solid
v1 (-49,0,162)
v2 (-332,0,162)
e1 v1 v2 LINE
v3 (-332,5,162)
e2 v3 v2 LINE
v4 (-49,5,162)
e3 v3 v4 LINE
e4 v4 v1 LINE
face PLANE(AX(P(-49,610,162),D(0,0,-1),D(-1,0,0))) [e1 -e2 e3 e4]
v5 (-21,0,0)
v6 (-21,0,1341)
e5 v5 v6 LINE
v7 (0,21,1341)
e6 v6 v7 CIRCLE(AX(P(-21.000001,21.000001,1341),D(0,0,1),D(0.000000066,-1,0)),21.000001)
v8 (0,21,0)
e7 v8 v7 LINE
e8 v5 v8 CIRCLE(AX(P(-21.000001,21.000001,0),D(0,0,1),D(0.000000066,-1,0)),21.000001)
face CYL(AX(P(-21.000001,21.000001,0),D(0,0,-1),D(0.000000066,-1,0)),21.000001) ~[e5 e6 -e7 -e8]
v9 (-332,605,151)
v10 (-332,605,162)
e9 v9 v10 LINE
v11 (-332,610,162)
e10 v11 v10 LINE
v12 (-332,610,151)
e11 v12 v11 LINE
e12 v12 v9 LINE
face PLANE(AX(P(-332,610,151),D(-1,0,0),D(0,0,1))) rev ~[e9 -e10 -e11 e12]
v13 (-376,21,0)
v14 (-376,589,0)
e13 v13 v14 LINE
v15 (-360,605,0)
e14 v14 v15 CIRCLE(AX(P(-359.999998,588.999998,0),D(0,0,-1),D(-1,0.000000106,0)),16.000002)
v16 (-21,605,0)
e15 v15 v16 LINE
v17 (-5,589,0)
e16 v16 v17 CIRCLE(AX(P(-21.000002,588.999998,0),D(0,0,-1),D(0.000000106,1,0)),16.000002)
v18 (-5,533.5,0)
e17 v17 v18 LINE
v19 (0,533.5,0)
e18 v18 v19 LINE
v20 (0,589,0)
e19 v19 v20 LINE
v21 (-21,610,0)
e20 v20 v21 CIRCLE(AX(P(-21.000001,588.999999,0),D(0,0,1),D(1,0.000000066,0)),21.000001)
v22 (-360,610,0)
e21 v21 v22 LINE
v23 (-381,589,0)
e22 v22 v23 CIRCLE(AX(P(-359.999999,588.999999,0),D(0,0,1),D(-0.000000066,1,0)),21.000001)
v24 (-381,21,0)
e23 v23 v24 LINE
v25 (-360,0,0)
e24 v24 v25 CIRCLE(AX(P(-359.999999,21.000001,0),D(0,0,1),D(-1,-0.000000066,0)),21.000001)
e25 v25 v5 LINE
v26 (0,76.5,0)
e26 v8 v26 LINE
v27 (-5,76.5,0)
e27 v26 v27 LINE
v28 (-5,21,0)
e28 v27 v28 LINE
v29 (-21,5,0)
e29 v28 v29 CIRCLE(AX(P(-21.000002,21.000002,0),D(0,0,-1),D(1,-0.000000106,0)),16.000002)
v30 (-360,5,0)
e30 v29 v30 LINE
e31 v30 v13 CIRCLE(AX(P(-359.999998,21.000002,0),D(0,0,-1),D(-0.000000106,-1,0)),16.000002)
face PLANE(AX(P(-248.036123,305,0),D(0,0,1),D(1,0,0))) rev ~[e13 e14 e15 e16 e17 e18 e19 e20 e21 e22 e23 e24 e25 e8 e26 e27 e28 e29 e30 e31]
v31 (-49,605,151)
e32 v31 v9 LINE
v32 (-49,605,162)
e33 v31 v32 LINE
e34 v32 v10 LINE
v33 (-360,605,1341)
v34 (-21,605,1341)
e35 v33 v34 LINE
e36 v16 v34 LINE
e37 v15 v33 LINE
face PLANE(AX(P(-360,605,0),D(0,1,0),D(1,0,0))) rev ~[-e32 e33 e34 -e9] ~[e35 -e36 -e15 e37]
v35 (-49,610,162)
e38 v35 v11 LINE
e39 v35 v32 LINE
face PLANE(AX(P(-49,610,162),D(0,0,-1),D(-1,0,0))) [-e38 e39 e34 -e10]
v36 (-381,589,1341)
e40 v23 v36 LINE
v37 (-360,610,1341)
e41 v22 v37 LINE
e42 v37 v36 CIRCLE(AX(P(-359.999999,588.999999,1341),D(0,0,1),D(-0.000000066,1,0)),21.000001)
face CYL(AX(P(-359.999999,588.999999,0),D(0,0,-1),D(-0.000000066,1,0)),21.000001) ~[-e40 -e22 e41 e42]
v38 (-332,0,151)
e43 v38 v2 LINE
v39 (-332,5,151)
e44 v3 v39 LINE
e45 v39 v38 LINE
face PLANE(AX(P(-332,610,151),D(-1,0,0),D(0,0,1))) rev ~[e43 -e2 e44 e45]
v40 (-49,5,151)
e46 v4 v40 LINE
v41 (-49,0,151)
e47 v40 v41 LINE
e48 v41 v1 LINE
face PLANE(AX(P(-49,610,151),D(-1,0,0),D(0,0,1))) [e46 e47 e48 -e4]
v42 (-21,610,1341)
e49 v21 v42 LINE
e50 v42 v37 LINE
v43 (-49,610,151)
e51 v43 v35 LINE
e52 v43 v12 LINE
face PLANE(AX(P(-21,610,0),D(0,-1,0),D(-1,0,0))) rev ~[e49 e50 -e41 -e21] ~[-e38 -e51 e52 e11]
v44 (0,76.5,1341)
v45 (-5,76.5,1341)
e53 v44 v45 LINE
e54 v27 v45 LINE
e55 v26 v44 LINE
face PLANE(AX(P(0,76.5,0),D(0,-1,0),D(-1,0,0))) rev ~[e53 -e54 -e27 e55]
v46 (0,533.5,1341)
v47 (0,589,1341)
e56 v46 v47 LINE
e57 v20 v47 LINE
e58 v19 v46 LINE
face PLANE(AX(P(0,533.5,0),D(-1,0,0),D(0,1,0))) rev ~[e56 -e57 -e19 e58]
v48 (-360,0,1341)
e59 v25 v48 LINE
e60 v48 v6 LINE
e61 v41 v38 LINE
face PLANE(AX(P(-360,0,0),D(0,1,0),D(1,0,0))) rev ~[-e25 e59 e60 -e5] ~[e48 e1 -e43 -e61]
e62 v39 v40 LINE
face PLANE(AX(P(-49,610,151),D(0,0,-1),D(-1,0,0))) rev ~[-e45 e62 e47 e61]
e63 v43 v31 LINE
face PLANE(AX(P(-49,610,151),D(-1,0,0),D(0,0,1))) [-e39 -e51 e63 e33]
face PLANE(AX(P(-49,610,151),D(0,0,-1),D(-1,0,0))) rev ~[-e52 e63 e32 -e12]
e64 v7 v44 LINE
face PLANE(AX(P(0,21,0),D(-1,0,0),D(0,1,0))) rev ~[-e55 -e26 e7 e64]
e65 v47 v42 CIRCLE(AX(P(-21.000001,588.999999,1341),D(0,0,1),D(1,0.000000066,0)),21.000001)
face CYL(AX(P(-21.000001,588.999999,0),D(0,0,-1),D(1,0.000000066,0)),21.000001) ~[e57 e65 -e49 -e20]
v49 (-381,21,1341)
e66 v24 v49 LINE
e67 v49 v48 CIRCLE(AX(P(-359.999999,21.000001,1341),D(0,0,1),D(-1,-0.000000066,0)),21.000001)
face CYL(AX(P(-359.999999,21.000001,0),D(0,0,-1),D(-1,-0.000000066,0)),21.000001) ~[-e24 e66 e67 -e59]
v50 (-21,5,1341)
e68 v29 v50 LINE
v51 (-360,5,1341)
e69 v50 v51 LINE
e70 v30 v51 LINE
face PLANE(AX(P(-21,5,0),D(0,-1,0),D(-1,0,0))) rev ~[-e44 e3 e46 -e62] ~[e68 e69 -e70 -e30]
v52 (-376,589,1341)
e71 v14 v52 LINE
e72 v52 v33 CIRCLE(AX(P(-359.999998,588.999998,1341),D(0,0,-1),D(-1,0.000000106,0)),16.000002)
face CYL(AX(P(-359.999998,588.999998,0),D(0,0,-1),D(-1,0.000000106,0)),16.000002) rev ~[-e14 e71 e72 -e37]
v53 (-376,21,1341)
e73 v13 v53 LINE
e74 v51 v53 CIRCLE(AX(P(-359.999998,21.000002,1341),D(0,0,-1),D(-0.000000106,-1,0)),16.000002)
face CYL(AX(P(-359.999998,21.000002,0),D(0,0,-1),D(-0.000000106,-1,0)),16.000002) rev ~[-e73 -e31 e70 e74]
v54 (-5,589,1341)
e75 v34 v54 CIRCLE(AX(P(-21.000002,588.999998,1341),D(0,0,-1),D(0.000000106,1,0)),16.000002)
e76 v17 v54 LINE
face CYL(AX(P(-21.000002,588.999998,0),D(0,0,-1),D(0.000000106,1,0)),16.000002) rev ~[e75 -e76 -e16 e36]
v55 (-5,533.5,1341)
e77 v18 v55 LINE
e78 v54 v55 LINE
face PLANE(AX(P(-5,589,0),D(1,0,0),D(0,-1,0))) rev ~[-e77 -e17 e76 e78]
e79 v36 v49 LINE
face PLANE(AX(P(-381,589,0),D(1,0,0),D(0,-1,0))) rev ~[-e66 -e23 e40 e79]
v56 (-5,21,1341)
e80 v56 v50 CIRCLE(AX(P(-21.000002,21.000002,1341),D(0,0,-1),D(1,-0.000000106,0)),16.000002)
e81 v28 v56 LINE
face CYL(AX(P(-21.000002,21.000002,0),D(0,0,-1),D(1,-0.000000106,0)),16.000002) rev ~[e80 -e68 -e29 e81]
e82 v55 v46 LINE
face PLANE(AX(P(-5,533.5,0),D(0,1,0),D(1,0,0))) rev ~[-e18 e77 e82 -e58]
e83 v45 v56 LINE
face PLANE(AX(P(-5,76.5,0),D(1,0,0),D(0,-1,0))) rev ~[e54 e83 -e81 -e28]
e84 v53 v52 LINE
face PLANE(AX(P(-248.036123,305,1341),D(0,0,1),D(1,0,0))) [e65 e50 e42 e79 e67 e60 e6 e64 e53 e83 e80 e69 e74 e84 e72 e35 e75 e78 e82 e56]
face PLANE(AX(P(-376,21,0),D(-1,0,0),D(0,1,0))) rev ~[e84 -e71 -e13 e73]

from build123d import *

# Parameters (mm, degrees)
F1_DEPTH = 1341
F2_W     = 283
F2_H     = 11
F3_DEPTH = 610


with BuildPart() as f1:
    # F0 (on Top) → F1 (new body)
    with BuildSketch(Plane.XY):
        with BuildLine():
            Line((-360, 0), (-21, 0))
            ThreePointArc((-21, 0), (-6.150758, 6.150758), (0, 21))
            Line((0, 21), (0, 76.5))
            Line((0, 76.5), (-5, 76.5))
            Line((-5, 76.5), (-5, 21))
            ThreePointArc((-5, 21), (-9.686292, 9.686292), (-21, 5))
            Line((-21, 5), (-360, 5))
            ThreePointArc((-360, 5), (-371.313708, 9.686292), (-376, 21))
            Line((-376, 21), (-376, 589))
            ThreePointArc((-376, 589), (-371.313708, 600.313708), (-360, 605))
            Line((-360, 605), (-21, 605))
            ThreePointArc((-21, 605), (-9.686292, 600.313708), (-5, 589))
            Line((-5, 589), (-5, 533.5))
            Line((-5, 533.5), (0, 533.5))
            Line((0, 533.5), (0, 589))
            ThreePointArc((0, 589), (-6.150758, 603.849242), (-21, 610))
            Line((-21, 610), (-360, 610))
            ThreePointArc((-360, 610), (-374.849242, 603.849242), (-381, 589))
            Line((-381, 589), (-381, 21))
            ThreePointArc((-381, 21), (-374.849242, 6.150758), (-360, 0))
        make_face()
    extrude(amount=F1_DEPTH)

    # F2 (on face) → F3 (cut, through all)
    with BuildSketch(Plane(origin=(0, 610, 0), x_dir=(-1, 0, 0), z_dir=(0, 1, 0))):
        with Locations((190.5, 156.5)):
            Rectangle(F2_W, F2_H)
    extrude(amount=-F3_DEPTH, mode=Mode.SUBTRACT)


solid = f1.part
